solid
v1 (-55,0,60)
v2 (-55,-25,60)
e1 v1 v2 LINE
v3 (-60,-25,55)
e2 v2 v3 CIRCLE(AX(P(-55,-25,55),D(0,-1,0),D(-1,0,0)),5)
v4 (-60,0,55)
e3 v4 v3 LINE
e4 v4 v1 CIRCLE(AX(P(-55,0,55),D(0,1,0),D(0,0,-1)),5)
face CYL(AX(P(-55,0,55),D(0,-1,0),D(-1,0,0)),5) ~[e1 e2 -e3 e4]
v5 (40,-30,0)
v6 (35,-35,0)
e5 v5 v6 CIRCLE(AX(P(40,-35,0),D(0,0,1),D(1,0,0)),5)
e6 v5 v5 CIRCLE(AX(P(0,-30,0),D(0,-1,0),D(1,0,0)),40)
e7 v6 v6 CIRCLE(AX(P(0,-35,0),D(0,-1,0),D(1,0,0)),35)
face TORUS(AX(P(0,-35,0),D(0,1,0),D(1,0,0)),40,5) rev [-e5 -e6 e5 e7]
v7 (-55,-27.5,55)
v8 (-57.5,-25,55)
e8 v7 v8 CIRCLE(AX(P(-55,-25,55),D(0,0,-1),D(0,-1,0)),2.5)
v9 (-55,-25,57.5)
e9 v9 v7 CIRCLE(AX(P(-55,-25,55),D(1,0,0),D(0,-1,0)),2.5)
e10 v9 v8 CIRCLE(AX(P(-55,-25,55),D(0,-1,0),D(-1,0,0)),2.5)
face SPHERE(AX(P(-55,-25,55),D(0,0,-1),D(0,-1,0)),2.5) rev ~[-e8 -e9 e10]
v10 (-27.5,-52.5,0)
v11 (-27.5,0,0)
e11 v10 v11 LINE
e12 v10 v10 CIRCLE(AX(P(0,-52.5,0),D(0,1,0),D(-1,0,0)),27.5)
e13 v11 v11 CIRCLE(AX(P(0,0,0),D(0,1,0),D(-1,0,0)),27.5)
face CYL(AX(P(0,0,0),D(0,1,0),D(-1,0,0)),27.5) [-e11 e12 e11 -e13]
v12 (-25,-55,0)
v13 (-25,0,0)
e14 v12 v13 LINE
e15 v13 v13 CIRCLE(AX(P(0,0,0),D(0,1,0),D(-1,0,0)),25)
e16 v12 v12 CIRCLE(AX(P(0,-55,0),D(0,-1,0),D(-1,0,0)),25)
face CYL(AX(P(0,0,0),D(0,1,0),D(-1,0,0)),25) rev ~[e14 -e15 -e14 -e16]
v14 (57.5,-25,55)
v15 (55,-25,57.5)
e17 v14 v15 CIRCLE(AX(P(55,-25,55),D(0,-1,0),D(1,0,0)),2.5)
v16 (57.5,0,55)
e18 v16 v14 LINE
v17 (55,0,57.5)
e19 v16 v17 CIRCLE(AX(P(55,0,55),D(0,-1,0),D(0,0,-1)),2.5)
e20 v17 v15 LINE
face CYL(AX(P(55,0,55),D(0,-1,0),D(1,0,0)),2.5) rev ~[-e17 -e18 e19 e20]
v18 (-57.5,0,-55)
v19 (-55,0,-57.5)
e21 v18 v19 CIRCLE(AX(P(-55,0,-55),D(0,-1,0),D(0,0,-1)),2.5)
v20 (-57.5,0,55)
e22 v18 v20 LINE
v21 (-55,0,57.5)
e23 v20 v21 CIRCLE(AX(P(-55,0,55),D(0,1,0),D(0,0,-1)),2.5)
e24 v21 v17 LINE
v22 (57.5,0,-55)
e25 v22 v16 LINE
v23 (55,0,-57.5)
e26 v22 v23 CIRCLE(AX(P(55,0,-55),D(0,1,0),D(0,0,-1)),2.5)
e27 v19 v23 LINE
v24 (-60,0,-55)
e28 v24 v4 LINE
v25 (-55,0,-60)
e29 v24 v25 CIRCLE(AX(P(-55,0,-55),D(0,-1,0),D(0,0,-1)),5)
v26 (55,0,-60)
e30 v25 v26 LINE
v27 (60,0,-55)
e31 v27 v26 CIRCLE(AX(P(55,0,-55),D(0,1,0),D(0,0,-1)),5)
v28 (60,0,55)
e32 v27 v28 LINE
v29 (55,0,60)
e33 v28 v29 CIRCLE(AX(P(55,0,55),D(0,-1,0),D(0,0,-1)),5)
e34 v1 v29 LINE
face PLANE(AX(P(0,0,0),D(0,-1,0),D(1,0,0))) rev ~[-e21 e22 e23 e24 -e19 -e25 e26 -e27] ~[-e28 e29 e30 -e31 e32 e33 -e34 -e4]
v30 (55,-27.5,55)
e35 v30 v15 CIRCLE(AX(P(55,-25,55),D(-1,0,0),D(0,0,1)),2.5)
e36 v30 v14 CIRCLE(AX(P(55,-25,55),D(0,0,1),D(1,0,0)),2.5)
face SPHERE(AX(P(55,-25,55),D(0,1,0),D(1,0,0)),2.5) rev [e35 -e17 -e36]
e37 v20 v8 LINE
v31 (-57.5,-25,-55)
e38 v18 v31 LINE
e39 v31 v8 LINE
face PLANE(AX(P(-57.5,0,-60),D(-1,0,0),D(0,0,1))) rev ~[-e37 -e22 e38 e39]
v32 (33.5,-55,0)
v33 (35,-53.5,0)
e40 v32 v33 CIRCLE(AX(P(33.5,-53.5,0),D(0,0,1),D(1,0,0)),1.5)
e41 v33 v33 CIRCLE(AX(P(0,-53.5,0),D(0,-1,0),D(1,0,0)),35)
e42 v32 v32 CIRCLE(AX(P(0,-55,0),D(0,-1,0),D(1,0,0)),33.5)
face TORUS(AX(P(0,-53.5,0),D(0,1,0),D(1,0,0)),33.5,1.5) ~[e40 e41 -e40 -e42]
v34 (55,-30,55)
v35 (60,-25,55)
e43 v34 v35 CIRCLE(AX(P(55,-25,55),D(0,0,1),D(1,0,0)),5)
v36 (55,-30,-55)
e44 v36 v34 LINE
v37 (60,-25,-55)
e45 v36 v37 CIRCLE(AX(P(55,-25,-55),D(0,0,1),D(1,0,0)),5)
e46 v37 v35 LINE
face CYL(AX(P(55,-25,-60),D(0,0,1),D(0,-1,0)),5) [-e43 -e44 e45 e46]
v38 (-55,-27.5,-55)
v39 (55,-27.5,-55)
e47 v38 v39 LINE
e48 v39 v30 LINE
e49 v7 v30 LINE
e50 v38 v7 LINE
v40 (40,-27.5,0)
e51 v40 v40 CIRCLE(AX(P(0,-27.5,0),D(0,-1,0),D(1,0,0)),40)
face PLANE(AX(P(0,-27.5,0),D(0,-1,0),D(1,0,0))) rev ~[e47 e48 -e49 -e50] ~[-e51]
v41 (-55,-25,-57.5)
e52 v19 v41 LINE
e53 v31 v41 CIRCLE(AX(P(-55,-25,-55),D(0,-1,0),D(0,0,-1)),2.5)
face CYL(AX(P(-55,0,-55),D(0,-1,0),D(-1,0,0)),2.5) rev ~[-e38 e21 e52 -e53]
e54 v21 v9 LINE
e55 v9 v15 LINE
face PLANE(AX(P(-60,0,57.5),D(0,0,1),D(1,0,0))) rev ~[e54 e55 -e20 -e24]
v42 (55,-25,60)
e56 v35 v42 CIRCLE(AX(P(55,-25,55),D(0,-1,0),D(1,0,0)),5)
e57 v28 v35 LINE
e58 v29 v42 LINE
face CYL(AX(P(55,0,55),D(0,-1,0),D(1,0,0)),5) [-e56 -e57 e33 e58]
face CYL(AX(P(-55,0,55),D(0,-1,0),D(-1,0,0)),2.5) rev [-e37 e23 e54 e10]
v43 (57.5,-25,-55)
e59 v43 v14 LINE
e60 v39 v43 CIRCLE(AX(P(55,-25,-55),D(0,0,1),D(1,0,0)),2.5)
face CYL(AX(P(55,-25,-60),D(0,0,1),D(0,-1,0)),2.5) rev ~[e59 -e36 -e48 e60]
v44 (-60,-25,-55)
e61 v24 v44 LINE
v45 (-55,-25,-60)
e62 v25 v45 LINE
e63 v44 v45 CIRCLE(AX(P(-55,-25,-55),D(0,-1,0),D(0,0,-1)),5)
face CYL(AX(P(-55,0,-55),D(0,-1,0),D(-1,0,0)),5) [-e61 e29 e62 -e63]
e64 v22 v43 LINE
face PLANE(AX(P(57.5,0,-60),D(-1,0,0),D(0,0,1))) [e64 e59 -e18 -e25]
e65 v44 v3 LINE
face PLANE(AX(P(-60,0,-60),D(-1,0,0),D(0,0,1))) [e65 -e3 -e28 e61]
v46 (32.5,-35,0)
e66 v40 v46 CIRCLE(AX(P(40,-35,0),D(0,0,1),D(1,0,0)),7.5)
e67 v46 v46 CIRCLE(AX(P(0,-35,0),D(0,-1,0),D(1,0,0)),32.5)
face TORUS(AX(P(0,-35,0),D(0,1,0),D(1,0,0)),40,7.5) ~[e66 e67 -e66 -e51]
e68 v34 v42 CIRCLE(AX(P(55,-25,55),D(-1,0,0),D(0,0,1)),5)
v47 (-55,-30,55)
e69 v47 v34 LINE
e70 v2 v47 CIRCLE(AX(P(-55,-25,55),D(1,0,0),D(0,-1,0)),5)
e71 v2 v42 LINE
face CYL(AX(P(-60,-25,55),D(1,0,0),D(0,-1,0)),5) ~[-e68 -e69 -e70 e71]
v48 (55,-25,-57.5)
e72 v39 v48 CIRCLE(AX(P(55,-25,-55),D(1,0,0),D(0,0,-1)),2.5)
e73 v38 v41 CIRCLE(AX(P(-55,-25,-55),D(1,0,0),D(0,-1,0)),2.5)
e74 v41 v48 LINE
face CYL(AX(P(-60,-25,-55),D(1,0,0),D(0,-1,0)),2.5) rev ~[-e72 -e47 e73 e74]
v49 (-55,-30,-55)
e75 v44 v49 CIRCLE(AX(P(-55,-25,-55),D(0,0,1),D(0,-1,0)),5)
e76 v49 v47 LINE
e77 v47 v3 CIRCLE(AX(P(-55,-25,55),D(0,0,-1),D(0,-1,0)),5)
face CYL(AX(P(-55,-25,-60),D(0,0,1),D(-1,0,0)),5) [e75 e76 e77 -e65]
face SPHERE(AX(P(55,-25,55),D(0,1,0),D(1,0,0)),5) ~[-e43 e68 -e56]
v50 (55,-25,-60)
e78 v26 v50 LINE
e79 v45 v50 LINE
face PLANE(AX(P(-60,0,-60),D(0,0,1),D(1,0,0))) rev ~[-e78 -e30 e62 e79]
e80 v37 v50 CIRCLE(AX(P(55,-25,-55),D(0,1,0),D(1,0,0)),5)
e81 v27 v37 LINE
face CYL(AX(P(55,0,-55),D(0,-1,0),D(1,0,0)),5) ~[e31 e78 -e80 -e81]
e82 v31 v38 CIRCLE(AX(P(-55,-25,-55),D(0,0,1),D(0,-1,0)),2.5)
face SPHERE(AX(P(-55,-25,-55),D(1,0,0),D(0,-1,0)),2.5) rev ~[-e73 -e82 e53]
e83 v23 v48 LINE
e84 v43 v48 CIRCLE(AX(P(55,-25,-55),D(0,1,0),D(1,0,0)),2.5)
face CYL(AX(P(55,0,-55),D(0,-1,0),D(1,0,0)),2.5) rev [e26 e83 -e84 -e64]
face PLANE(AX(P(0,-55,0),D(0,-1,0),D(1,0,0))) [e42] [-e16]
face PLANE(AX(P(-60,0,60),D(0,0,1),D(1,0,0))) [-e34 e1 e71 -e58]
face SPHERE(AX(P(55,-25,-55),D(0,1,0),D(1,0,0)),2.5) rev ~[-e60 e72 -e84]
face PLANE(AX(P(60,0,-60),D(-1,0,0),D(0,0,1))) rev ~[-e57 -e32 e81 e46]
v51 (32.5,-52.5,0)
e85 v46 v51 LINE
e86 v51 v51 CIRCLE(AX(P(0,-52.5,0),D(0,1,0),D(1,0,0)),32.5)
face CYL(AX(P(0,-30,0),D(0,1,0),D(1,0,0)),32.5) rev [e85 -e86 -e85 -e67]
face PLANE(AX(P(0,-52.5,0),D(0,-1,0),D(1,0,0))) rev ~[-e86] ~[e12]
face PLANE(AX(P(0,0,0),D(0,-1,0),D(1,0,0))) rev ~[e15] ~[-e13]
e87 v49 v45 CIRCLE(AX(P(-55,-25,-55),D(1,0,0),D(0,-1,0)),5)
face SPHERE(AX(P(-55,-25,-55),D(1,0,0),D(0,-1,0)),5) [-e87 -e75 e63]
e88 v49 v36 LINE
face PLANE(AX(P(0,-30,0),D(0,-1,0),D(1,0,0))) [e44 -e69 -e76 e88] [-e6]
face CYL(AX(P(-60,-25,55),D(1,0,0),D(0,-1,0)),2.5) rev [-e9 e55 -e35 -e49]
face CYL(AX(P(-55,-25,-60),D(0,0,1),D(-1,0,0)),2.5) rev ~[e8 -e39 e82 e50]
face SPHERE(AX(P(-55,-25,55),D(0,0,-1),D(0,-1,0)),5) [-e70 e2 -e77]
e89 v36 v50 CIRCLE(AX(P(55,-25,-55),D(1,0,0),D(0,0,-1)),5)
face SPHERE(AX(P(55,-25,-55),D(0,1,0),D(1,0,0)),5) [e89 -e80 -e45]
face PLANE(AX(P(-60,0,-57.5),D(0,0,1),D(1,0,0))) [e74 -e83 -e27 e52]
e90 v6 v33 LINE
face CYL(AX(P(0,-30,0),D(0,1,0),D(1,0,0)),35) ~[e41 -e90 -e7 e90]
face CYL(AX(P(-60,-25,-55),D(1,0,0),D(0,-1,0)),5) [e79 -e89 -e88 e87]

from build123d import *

# Parameters (mm, degrees)
F0_W     = 120
F0_H     = 120
F1_DEPTH = 30
F2_R     = 35
F2_R_2   = 25
F3_DEPTH = 25
F4_R     = 25
F5_DEPTH = 55.001
F6_R     = 5
F7_R     = 1.5
F8_T     = -2.5


with BuildPart() as f1:
    # F0 (on Front) → F1 (new body)
    with BuildSketch(Plane.XZ):
        Rectangle(F0_W, F0_H)
    extrude(amount=F1_DEPTH)

    # F2 (on face) → F3 (join)
    with BuildSketch(Plane.XZ.offset(30)):
        Circle(F2_R)
        Circle(F2_R_2, mode=Mode.SUBTRACT)
    extrude(amount=F3_DEPTH)

    # F4 (on face) → F5 (cut, through all)
    with BuildSketch(Plane(origin=(0, 0, 0), x_dir=(-1, 0, 0), z_dir=(0, 1, 0))):
        Circle(F4_R)
    extrude(amount=-F5_DEPTH, mode=Mode.SUBTRACT)

    # F6
    f6_edges = [f1.edges().sort_by_distance(p)[0] for p in [
        (60, -15, 60),
        (60, -15, -60),
        (60, -30, 0),
        (0, -30, -60),
        (-60, -30, 0),
        (0, -30, 60),
        (-60, -15, 60),
        (-60, -15, -60),
        (-35, -30, 0),
    ]]
    fillet(f6_edges, radius=F6_R)

    # F7
    f7_edges = [f1.edges().sort_by_distance(p)[0] for p in [
        (-35, -55, 0),
    ]]
    fillet(f7_edges, radius=F7_R)

    # F8
    f8_openings = [f1.faces().sort_by_distance(p)[0] for p in [
        (0, 0, 58.302944),
    ]]
    offset(amount=F8_T, openings=f8_openings)


solid = f1.part
